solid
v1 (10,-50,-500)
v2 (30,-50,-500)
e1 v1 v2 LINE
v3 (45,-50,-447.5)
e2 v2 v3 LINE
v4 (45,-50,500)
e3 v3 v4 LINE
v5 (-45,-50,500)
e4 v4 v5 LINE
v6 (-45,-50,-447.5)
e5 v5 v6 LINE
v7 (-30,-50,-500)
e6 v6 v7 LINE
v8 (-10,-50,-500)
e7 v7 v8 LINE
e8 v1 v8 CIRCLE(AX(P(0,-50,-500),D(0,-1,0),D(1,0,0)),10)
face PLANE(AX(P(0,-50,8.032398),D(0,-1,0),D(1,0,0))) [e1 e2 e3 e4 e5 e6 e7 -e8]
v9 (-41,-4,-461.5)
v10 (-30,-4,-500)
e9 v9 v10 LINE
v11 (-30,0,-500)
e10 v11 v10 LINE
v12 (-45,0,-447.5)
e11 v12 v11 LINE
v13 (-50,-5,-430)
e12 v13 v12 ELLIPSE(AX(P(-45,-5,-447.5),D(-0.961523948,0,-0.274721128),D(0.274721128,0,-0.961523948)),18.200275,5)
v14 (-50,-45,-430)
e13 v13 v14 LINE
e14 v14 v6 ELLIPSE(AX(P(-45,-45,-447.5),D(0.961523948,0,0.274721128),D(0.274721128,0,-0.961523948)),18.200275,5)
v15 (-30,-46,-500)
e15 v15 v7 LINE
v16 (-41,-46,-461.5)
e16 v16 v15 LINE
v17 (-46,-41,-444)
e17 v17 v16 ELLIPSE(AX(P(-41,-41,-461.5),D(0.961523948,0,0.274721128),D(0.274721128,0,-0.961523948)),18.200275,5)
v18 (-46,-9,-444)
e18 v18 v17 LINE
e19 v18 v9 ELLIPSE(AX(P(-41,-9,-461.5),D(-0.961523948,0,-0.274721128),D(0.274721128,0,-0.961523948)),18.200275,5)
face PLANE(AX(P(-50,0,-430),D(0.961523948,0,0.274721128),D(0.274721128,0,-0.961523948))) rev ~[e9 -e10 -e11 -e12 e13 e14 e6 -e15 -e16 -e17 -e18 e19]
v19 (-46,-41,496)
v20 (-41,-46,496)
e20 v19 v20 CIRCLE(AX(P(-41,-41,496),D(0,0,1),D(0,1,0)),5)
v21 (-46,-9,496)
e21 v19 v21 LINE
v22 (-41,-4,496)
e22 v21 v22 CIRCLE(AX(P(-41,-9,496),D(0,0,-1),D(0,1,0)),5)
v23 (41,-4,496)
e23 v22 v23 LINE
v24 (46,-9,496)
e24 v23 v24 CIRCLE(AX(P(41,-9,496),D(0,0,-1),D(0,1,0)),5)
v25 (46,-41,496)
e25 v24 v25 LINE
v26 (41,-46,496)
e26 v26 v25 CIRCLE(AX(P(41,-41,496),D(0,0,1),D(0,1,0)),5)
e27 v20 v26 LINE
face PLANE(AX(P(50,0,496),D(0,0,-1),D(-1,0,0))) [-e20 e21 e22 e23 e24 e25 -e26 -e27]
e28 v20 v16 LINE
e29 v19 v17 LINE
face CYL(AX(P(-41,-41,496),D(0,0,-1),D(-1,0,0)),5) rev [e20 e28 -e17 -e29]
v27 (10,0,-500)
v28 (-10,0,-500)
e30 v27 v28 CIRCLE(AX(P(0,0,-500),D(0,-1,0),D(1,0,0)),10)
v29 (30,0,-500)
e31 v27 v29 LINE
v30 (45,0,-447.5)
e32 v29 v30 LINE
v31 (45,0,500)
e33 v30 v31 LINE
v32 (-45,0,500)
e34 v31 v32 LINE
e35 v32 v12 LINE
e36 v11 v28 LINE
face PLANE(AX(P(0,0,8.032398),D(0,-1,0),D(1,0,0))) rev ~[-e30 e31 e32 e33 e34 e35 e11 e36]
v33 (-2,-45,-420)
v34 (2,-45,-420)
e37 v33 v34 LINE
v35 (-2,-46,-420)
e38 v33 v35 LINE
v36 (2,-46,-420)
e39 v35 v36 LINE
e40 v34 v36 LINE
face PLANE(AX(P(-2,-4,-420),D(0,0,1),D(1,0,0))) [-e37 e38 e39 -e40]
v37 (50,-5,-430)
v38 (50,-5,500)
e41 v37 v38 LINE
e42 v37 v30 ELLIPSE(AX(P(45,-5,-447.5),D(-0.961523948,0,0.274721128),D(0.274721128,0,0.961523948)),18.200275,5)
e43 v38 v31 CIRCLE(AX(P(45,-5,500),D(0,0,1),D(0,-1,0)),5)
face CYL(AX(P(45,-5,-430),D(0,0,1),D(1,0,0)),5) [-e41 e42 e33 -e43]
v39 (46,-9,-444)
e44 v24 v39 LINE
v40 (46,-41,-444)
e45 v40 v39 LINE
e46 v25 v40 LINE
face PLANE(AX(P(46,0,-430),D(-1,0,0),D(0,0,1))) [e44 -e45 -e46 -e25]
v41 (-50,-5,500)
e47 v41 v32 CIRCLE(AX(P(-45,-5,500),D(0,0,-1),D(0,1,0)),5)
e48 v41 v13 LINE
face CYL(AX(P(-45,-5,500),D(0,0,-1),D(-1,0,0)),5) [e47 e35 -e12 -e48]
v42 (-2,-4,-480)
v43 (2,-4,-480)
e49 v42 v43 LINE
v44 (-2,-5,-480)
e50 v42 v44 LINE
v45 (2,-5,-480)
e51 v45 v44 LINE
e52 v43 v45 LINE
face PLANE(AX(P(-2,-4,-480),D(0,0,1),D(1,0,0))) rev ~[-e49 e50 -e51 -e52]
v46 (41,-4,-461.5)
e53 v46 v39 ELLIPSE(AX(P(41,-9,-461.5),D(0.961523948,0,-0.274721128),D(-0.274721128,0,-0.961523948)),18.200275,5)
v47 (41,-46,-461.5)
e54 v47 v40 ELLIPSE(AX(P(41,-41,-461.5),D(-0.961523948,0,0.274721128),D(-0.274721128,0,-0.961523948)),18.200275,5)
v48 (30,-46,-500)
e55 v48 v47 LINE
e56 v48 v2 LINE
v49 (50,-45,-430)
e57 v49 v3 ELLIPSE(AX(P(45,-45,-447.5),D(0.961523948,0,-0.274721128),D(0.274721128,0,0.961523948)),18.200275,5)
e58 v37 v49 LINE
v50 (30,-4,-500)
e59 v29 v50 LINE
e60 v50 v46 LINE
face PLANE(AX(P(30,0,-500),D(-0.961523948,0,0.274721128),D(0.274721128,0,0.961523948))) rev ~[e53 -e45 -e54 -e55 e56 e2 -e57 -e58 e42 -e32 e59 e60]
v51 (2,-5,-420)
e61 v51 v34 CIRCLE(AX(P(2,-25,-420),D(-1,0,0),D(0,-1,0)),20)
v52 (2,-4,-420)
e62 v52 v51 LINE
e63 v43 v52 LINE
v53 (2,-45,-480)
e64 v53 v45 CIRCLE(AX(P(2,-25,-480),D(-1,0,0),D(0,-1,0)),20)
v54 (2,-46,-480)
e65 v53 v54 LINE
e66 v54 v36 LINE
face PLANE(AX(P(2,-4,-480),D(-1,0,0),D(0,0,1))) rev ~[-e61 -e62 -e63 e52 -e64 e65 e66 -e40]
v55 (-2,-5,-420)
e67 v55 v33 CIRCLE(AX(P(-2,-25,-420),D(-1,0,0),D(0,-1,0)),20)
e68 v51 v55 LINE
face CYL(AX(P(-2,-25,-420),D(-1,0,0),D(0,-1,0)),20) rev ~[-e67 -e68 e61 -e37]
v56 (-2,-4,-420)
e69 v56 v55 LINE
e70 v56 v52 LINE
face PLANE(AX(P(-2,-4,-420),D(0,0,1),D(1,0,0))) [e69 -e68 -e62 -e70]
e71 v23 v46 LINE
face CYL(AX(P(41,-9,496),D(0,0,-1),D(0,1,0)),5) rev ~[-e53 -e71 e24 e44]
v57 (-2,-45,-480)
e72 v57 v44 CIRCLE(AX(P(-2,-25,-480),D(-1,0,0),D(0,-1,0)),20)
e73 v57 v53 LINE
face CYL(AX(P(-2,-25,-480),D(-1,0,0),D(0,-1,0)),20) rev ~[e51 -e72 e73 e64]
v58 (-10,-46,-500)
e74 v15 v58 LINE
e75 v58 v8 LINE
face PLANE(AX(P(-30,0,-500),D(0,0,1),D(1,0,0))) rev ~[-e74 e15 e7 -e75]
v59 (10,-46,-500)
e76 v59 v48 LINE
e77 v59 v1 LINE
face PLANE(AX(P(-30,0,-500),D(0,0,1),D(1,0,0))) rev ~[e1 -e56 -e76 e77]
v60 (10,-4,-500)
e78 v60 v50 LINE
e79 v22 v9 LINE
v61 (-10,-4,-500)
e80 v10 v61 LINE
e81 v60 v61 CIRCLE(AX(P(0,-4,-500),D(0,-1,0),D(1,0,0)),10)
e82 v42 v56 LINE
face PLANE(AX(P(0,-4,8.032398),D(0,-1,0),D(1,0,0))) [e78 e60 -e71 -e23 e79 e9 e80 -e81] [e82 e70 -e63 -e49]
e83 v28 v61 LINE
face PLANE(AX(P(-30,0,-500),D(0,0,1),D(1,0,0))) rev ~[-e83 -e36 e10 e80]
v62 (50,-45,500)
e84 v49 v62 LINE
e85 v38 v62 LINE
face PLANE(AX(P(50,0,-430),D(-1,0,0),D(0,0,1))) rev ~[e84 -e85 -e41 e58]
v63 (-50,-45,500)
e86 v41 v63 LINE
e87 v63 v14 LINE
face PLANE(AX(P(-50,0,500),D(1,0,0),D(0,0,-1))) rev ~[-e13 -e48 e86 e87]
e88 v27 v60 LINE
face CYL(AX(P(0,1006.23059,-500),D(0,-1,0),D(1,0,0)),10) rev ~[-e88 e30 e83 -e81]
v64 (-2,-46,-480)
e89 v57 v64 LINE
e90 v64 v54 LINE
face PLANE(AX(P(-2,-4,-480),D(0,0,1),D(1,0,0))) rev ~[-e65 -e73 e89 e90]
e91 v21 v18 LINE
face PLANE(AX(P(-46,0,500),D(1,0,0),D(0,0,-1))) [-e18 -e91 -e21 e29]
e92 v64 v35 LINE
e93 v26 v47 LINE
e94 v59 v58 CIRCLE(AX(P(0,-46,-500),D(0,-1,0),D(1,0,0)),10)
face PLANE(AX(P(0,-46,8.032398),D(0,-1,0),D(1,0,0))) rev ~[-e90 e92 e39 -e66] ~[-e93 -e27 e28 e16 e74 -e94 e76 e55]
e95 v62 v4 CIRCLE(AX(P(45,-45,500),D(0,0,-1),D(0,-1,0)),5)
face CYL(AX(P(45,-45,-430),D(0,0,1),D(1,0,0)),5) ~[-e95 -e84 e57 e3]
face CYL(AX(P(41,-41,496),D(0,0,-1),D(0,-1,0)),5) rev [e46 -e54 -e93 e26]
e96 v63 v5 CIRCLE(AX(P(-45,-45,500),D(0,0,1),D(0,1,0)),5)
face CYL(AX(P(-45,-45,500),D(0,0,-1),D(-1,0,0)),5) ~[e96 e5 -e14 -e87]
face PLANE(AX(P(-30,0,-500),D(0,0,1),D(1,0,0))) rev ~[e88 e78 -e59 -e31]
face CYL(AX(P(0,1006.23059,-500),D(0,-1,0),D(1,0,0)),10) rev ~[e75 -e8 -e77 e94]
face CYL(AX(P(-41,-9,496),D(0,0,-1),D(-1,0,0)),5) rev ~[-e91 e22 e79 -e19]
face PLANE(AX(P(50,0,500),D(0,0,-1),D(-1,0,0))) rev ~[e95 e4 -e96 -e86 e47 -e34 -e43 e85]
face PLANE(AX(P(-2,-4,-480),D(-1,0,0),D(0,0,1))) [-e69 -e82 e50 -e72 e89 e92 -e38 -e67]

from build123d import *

# Parameters (mm, degrees)
F1_DEPTH = 50
F2_T     = -4
F3_R     = 5
F5_D     = 20
F6_W     = 4
F6_H     = 60
F7_DEPTH = 42
F9_D     = 40
F9_DEPTH = 4
F9_TIP   = 12.0172123806


with BuildPart() as f1:
    # F0 (on Front) → F1 (new body)
    with BuildSketch(Plane.XZ):
        Polygon((-50, -430), (-30, -500), (30, -500), (50, -430), (50, 500), (-50, 500), align=None)
    extrude(amount=F1_DEPTH)

    # F2
    f2_openings = [f1.faces().sort_by_distance(p)[0] for p in [
        (0, -25, -500),
        (-40, -25, -465),
        (40, -25, -465),
    ]]
    offset(amount=F2_T, openings=f2_openings)

    # F3
    f3_edges = [f1.edges().sort_by_distance(p)[0] for p in [
        (50, -50, 35),
        (50, 0, 35),
        (-50, 0, 35),
        (-50, -50, 35),
        (-46, -4, 26),
        (46, -4, 26),
        (46, -46, 26),
        (-46, -46, 26),
    ]]
    fillet(f3_edges, radius=F3_R)

    # F5 (through all)
    with Locations(Plane(origin=(0, 0, 0), x_dir=(-1, 0, 0), z_dir=(0, 1, 0))):
        with Locations((0, -500)):
            Hole(F5_D / 2)

    # F6 (on face) → F7 (join)
    with BuildSketch(Plane.XZ.offset(4)):
        with Locations((0, -450)):
            Rectangle(F6_W, F6_H)
    extrude(amount=F7_DEPTH)

    # F9 (one way)
    with BuildSketch(Plane(origin=(-2, 0, 0), x_dir=(0, -1, 0), z_dir=(-1, 0, 0))):
        with Locations((25, -480), (25, -420)):
            Circle(F9_D / 2)
    extrude(amount=-F9_DEPTH, mode=Mode.SUBTRACT)
    with Locations(Plane(origin=(-2, 0, 0), x_dir=(0, -1, 0), z_dir=(-1, 0, 0))):
        with Locations((25, -480), (25, -420)):
            with Locations((0, 0, -(F9_DEPTH + F9_TIP / 2))):  # 118° drill point
                Cone(0, F9_D / 2, F9_TIP, mode=Mode.SUBTRACT)


solid = f1.part
